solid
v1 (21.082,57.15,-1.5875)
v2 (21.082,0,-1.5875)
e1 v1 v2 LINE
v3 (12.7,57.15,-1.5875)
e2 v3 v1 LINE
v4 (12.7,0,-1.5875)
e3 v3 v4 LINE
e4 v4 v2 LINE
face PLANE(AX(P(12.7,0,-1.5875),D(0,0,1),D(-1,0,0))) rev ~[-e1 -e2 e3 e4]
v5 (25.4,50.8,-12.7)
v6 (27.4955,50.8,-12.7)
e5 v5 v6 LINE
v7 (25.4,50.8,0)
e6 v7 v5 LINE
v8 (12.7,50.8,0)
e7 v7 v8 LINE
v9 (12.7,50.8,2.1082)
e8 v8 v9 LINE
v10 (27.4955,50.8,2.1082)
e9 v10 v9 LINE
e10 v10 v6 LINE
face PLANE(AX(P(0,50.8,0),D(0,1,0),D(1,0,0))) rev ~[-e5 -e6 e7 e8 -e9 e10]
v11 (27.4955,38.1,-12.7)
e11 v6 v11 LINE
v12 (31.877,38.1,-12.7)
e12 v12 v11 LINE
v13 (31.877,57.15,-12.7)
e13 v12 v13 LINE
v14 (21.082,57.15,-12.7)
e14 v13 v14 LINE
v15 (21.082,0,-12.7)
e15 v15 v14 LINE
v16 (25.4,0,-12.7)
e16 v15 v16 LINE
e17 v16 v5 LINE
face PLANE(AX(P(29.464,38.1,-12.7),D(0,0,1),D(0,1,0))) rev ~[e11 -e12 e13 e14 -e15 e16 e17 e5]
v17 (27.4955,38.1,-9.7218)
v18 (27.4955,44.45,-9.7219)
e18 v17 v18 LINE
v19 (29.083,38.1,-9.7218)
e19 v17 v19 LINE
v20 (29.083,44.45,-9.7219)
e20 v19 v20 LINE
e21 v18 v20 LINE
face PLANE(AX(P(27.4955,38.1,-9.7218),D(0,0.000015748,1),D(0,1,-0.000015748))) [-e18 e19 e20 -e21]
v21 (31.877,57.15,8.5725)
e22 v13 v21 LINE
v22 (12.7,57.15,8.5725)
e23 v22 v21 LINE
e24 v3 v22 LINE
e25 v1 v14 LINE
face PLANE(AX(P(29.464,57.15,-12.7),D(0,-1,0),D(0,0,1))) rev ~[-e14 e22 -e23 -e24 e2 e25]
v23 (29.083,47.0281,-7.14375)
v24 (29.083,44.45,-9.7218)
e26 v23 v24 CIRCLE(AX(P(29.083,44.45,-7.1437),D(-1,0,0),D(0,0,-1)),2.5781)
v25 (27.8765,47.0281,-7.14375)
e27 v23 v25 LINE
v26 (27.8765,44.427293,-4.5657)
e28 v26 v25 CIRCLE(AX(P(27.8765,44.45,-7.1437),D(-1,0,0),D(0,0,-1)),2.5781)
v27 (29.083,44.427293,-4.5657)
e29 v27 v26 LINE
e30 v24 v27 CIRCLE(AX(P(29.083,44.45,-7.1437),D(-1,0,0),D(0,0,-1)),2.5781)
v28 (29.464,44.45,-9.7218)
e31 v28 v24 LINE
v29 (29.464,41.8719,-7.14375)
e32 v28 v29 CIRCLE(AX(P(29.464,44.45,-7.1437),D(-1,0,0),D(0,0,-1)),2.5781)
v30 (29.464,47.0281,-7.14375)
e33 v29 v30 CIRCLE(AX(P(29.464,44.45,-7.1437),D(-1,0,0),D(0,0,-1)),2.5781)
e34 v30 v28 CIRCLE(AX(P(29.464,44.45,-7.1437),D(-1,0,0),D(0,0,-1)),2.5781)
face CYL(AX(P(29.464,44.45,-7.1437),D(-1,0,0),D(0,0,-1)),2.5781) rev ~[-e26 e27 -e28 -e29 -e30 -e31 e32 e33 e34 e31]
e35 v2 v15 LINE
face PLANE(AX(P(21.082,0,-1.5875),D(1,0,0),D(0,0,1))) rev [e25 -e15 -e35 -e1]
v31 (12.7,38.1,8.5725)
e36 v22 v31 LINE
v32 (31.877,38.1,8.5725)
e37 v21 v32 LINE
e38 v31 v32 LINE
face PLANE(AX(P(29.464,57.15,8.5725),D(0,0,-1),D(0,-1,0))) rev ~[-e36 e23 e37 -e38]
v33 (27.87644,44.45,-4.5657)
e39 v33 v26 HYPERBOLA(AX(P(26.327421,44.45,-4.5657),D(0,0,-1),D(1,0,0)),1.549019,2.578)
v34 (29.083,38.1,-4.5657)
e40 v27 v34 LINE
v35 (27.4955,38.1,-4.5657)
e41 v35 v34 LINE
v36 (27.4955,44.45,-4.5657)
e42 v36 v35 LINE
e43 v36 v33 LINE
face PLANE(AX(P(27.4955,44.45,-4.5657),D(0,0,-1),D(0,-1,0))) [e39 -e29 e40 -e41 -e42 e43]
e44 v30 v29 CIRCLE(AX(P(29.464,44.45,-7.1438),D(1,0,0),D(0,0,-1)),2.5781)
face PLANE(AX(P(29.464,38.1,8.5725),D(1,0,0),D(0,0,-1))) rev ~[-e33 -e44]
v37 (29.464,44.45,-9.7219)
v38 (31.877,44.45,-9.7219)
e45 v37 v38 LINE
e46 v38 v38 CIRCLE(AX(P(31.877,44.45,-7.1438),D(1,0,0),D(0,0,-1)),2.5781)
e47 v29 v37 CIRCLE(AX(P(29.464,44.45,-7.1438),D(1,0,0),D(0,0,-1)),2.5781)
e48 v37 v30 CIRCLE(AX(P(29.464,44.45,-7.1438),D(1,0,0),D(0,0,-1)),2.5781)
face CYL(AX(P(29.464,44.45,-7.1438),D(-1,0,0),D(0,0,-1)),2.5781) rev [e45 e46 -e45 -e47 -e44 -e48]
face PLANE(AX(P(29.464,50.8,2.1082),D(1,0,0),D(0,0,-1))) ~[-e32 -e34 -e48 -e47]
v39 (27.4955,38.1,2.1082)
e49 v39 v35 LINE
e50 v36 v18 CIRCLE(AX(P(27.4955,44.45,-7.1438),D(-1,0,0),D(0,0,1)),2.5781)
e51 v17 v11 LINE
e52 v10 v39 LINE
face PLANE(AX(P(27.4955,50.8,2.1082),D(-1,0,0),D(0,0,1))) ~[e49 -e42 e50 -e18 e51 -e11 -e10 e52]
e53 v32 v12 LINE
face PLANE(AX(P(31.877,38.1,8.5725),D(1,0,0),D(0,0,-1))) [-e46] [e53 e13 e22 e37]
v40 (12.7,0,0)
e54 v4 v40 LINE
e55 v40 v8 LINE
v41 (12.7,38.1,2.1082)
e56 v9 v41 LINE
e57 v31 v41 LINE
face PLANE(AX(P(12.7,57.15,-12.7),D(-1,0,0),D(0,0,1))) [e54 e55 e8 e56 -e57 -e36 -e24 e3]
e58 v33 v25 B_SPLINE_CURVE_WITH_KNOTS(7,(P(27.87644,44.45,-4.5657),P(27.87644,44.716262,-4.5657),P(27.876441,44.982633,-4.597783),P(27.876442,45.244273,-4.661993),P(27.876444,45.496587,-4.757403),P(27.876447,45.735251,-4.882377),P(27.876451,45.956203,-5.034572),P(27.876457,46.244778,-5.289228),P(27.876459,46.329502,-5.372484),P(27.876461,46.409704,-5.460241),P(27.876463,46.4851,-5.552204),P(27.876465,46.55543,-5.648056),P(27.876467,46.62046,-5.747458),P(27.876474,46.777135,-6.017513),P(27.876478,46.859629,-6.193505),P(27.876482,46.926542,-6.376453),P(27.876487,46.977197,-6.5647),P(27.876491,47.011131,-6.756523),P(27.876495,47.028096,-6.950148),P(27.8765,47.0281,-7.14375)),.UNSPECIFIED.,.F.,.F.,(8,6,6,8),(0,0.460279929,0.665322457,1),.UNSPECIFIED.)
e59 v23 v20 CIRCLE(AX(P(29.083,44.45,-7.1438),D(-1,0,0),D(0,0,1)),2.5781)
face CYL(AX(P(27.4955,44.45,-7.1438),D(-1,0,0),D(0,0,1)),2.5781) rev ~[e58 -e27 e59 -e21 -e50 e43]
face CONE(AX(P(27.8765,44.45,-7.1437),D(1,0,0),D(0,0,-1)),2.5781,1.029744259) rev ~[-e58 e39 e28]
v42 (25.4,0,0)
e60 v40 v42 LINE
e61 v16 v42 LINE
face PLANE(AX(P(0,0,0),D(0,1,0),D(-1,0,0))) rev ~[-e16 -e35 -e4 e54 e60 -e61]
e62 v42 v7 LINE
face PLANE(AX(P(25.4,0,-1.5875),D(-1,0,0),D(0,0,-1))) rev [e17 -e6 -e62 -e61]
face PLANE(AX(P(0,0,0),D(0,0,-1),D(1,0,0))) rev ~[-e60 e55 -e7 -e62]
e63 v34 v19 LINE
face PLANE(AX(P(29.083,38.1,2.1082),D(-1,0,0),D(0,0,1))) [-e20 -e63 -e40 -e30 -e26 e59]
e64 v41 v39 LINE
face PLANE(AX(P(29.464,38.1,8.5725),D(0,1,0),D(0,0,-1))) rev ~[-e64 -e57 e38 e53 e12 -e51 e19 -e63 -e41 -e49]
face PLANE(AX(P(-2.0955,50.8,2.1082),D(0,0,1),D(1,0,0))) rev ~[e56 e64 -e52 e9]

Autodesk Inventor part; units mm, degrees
ref_plane "YZ Plane" through (0, 0, 0) normal (1, 0, 0) x (0, 1, 0)
ref_plane "XZ Plane" through (0, 0, 0) normal (0, 1, 0) x (-1, 0, 0)
ref_plane "XY Plane" through (0, 0, 0) normal (0, 0, 1) x (1, 0, 0)
sketch "Sketch1" plane through (0, 0, 0) normal (0, 1, 0) x (-1, 0, 0)
  line L0 (0, 0) -> (-12.7, 0)
  line L1 (-12.7, 0) -> (-12.7, -1.5875)
  line L2 (-12.7, -1.5875) -> (0, -1.5875)
  line L3 (0, -1.5875) -> (0, 0)
  line L4 (0, 0) -> (-4.318, 0)
  line L5 (-4.318, 0) -> (-4.318, -12.7)
  line L6 (-4.318, -12.7) -> (0, -12.7)
  line L7 (0, -12.7) -> (0, 0)
  dimension "d0" = 4.318
  dimension "d1" = 12.7
  dimension "d2" = 12.7
  dimension "d33" = 1.5875
extrude "Extrusion1" add sketch "Sketch1" along normal blind 50.8
sketch "Sketch2" plane through (0, 50.8, 0) normal (0, 1, 0) x (1, 0, 0)
  line L0 (12.7, 0) -> (12.7, 1.5875) projected
  line L1 (12.7, 1.5875) -> (-4.064, 1.5875)
  line L2 (-4.064, 1.5875) -> (-4.064, -8.5725)
  line L3 (-4.064, -8.5725) -> (12.7, -8.5725)
  line L4 (12.7, -8.5725) -> (12.7, 1.5875)
  line L5 (4.318, 12.7) -> (-4.064, 12.7)
  line L6 (-4.064, 12.7) -> (-4.064, -8.5725)
  line L7 (-4.064, -8.5725) -> (4.318, -8.5725)
  line L8 (4.318, -8.5725) -> (4.318, 12.7)
  dimension "d26" = 10.16
  dimension "d28" = 16.764
extrude "Extrusion2" add sketch "Sketch2" along normal blind 6.35
sketch "Sketch5" plane through (0, 50.8, 0) normal (0, -1, 0) x (1, 0, 0)
  line L0 (12.7, 8.5725) -> (12.7, 0) projected
  line L1 (-4.064, -12.7) -> (-4.064, 8.5725) projected
  line L2 (12.7, 8.5725) -> (-4.064, 8.5725)
  line L3 (-4.064, 8.5725) -> (-4.064, 2.1082)
  line L4 (-4.064, 2.1082) -> (12.7, 2.1082)
  line L5 (12.7, 2.1082) -> (12.7, 8.5725)
  line L6 (0, -12.7) -> (-4.064, -12.7) projected
  line L7 (-4.064, 8.5725) -> (-2.0955, 8.5725)
  line L8 (-2.0955, 8.5725) -> (-2.0955, -12.7)
  line L9 (-2.0955, -12.7) -> (-4.064, -12.7)
  line L10 (-4.064, -12.7) -> (-4.064, 8.5725)
  line L11 (0, -12.7) -> (0, 0) projected
  line L12 (0, 0) -> (12.7, 0) projected
  dimension "d29" = 2.0955
  dimension "d30" = 2.1082
extrude "Extrusion4" add sketch "Sketch5" along normal blind 12.7 contours L0 L4 L8 L2 | L8 L4 L1 L2 | L8 L6 L1 L4
sketch "Sketch6" plane through (0, 57.15, 0) normal (0, 1, 0) x (1, 0, 0)
  line L0 (12.7, -8.5725) -> (-4.064, -8.5725) projected
  line L1 (12.7, -8.5725) -> (-4.064, -8.5725)
  line L2 (-4.064, -8.5725) -> (-4.064, 12.7)
  line L3 (-4.064, 12.7) -> (12.7, 12.7)
  line L4 (12.7, 12.7) -> (12.7, -8.5725)
  point P0 (0, 0)
mirror "Mirror1" about plane through (12.7, 0, 0) normal (1, 0, 0) of "Extrusion4", "Extrusion2", "Extrusion1"
extrude "Extrusion5" cut sketch "Sketch6" against normal blind 254
sketch "Sketch9" plane through (29.464, 38.1, 8.5725) normal (1, 0, 0) x (0, 0, -1)
  line L0 (10.16, 19.05) -> (10.16, -38.1) projected
  line L1 (21.2725, -38.1) -> (21.2725, 19.05) projected
  line L2 (21.2725, 19.05) -> (0, 19.05) projected
  line L3 (21.2725, 0) -> (6.4643, 0) projected
  line L4 (21.2725, 12.7) -> (8.5725, 12.7) projected
  point P0 (8.5725, -38.1)
  point P1 (15.7162, 6.35)
  dimension "d62" = 11.1125
  dimension "d64" = 5.5563
  dimension "d72" = 12.7
  dimension "d73" = 6.35
hole "Hole3" at (29.464, 44.45, -7.1437) direction (-1, 0, 0) diameter 5.1562 depth 1.5875 tip angle 118
sketch "Sketch10" plane through (29.464, 38.1, 8.5725) normal (1, 0, 0) x (0, 0, -1)
  circle A0 centre (15.7163, 6.35) radius 2.5781 projected
  line L0 (0, 19.05) -> (0, 0) projected
  line L1 (0, 0) -> (21.2725, 0) projected
  line L2 (21.2725, 0) -> (21.2725, 19.05) projected
  line L3 (21.2725, 19.05) -> (0, 19.05) projected
  point P0 (8.5725, -38.1)
extrude "Extrusion6" add sketch "Sketch10" along normal blind 2.413
sketch "Sketch11" plane through (27.4955, 38.1, 2.1082) normal (-1, 0, 0) x (0, 0, 1)
  circle A0 centre (-9.252, 6.35) radius 2.5781 projected
  line L0 (6.4643, 0) -> (-14.8082, 0) projected
  line L1 (-11.8301, 6.35) -> (-6.6739, 6.35)
  line L2 (-6.6739, 6.35) -> (-6.6739, 0)
  line L3 (-6.6739, 0) -> (-11.83, 0)
  line L4 (-11.83, 0) -> (-11.8301, 6.35)
  point P0 (-2.1082, -38.1)
  dimension "d76" = 5.1562
extrude "Extrusion7" cut sketch "Sketch11" against normal blind 1.5875
equation "\"d64\" = 0.5 * d62"
equation "\"d73\" = 0.5 * d72"
properties part number "8GrootTelescope"
